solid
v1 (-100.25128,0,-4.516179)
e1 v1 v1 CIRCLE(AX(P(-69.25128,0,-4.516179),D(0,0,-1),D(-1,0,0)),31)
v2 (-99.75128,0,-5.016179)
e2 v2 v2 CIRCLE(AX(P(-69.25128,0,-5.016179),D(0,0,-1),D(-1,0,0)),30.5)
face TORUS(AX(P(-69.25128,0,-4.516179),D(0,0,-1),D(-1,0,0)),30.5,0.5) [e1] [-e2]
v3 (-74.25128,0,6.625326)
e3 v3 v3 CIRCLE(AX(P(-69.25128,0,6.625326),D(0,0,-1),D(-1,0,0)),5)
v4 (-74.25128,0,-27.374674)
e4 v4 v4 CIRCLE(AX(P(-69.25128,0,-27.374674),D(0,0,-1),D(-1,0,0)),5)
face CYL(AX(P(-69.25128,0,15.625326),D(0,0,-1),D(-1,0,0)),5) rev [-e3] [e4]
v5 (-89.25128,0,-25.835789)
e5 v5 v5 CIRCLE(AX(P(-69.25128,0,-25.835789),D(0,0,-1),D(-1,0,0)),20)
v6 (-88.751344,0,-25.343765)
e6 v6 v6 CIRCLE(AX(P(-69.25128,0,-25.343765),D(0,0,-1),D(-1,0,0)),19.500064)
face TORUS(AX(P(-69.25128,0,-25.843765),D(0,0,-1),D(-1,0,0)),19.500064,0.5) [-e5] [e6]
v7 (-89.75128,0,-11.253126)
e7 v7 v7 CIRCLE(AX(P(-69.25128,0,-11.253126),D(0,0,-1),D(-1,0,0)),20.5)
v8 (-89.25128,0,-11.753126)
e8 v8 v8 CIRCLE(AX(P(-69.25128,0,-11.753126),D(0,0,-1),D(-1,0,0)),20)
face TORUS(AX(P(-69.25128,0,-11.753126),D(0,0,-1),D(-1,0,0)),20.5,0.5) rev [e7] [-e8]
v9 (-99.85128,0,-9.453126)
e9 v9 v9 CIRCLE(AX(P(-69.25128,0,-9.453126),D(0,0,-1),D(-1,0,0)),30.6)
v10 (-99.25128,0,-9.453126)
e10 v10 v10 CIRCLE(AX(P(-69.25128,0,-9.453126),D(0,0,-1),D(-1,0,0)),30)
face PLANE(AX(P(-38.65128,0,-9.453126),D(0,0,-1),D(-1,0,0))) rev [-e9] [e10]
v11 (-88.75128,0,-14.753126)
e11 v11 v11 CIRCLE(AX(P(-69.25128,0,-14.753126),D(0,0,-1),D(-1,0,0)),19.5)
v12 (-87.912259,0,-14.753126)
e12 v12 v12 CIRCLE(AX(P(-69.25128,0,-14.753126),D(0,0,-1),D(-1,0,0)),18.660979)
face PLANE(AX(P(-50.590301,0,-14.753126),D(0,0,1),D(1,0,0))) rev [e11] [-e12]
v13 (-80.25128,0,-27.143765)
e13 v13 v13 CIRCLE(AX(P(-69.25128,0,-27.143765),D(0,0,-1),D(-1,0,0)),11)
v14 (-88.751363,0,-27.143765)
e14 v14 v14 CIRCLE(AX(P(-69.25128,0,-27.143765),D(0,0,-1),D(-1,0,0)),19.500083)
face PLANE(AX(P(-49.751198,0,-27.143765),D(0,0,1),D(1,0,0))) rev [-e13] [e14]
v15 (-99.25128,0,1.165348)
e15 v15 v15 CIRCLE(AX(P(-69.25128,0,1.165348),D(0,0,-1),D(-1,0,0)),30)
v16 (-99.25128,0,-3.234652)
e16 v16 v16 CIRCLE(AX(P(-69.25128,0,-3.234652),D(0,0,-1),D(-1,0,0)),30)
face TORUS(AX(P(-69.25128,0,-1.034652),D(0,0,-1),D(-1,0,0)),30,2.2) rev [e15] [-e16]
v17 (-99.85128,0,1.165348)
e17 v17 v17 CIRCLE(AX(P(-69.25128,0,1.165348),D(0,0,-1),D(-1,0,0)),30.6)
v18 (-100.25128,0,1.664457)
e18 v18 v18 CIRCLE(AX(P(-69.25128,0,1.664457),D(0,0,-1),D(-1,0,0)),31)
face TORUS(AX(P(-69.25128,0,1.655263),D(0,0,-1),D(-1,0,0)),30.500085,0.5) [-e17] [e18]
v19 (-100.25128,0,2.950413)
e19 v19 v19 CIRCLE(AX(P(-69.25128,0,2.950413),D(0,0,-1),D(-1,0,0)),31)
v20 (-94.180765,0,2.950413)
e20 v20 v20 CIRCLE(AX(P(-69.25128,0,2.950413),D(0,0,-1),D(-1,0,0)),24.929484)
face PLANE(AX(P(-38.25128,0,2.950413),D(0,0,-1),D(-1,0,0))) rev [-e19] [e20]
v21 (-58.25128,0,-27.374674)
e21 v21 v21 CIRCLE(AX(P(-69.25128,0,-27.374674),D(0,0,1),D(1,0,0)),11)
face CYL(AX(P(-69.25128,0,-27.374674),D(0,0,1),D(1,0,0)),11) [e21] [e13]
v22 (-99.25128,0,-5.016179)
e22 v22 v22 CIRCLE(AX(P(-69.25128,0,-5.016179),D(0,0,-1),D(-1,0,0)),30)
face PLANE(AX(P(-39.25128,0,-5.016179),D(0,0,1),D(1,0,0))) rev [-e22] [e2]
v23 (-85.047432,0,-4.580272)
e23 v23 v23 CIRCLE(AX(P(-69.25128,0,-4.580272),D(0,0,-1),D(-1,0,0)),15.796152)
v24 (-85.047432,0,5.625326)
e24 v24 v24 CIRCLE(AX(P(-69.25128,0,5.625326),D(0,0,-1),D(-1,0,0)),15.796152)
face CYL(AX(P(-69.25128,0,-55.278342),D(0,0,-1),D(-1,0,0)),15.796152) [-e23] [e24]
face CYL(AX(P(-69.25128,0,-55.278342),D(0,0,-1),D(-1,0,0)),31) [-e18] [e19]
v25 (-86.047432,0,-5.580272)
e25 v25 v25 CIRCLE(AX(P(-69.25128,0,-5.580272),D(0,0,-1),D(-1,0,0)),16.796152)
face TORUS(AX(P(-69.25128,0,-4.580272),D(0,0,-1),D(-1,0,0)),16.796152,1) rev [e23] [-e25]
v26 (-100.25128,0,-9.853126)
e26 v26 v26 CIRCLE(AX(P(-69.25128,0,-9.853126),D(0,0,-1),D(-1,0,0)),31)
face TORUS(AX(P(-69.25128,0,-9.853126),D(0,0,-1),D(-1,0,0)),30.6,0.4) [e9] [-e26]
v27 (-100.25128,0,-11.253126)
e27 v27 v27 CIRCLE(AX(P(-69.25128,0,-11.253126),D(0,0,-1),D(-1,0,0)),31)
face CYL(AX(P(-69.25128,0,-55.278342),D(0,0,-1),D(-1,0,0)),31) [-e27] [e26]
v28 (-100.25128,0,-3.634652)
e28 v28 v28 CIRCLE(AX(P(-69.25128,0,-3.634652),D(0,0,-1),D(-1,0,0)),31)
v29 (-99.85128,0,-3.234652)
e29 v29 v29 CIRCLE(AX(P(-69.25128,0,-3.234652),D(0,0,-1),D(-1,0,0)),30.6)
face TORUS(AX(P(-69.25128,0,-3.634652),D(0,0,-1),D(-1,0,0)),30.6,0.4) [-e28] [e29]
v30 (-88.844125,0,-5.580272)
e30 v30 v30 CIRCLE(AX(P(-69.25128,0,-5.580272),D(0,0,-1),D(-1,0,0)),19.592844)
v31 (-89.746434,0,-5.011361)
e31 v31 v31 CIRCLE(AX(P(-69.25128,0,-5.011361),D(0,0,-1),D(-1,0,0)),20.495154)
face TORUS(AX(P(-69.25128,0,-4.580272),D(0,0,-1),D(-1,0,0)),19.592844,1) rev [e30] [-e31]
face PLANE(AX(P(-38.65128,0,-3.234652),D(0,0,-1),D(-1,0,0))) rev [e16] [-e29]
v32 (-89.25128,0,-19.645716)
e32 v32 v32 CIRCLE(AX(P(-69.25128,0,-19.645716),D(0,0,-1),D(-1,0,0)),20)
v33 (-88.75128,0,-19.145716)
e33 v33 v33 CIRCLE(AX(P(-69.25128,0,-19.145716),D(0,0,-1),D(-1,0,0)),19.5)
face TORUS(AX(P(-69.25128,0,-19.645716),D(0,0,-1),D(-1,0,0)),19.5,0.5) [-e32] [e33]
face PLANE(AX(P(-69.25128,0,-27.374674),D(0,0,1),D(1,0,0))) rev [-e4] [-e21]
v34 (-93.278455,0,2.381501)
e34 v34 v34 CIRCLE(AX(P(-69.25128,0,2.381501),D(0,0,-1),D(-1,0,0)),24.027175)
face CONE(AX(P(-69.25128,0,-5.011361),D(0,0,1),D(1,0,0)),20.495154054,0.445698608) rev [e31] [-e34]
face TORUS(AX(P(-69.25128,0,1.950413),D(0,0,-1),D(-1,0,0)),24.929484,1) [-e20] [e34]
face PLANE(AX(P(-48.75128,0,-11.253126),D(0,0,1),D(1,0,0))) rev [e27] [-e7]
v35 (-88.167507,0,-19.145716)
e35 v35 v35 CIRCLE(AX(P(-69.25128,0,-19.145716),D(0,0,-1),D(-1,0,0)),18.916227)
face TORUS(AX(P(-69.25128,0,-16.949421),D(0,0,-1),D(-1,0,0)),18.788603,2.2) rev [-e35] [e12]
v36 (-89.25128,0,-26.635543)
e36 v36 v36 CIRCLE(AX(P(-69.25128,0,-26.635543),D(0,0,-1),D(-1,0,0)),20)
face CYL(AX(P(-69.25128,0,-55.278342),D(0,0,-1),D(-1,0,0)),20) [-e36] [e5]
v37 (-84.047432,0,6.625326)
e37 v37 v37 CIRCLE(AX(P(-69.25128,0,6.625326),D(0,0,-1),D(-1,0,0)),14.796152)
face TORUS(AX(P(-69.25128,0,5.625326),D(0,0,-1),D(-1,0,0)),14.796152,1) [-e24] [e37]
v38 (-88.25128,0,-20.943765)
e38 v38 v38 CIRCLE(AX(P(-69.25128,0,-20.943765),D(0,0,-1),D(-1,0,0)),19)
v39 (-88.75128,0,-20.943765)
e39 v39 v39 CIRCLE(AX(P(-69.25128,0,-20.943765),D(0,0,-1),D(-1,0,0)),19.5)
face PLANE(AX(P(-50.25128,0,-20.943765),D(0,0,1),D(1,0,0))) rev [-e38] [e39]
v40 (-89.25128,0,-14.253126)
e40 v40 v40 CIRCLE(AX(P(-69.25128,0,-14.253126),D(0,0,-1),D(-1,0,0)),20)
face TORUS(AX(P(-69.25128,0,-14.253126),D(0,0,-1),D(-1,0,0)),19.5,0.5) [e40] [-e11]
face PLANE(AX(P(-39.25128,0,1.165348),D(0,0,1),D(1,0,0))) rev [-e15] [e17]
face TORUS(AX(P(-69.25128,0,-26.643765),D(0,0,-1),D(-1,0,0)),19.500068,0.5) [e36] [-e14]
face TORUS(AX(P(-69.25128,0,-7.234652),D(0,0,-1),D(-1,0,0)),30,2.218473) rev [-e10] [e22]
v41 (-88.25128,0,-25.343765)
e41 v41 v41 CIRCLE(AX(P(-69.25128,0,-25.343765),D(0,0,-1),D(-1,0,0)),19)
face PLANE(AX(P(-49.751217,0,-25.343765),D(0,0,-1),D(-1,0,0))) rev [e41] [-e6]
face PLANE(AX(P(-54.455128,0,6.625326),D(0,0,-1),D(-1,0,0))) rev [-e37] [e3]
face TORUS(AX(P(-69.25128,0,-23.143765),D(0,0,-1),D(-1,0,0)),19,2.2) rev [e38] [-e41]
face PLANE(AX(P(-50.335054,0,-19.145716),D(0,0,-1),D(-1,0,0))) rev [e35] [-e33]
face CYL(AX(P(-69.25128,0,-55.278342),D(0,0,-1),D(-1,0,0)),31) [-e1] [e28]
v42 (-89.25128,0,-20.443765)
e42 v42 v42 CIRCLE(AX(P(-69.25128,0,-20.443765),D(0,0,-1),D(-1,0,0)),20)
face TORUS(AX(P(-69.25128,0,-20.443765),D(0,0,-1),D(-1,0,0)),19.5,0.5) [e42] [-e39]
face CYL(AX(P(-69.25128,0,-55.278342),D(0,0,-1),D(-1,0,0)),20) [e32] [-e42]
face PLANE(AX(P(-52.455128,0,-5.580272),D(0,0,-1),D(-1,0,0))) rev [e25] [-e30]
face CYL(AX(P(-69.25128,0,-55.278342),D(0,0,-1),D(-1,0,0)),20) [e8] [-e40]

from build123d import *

# Parameters (mm, degrees)
BOSS_EXTRUDE1_START = -34
SKETCH2_R           = 11
BOSS_EXTRUDE1_DEPTH = 34
SKETCH3_R           = 5
CUT_EXTRUDE1_DEPTH  = 43


with BuildPart() as part:
    # Sketch1 → Revolve1 (revolve)
    with BuildSketch(Plane(origin=(0, 0, 0), x_dir=(1, 0, 0), z_dir=(0, 1, 0)), mode=Mode.PRIVATE) as revolve1_sk:
        with BuildLine():
            Line((-38.251280268, -2.950412804), (-44.321795805, -2.950412804))
            ThreePointArc((-44.321795805, -2.950412804), (-44.855139809, -2.796311245), (-45.224105529, -2.38150115))
            Line((-45.224105529, -2.38150115), (-48.756126213, 5.011360754))
            ThreePointArc((-48.756126213, 5.011360754), (-49.125091933, 5.426170849), (-49.658435937, 5.580272408))
            Line((-49.658435937, 5.580272408), (-52.455128445, 5.580272408))
            ThreePointArc((-52.455128445, 5.580272408), (-53.162235226, 5.287379189), (-53.455128445, 4.580272408))
            Line((-53.455128445, 4.580272408), (-53.455128445, -5.625326394))
            ThreePointArc((-53.455128445, -5.625326394), (-53.748021664, -6.332433175), (-54.455128445, -6.625326394))
            Line((-54.455128445, -6.625326394), (-58.251280268, -6.625326394))
            Line((-58.251280268, -6.625326394), (-58.251280268, -0.625326394))
            Line((-58.251280268, -0.625326394), (-59.251280268, -0.625326394))
            Line((-59.251280268, -0.625326394), (-59.251280268, 21.143765287))
            Line((-59.251280268, 21.143765287), (-58.251280268, 21.143765287))
            Line((-58.251280268, 21.143765287), (-58.251280268, 27.143765287))
            Line((-58.251280268, 27.143765287), (-49.751197565, 27.143765287))
            ThreePointArc((-49.751197565, 27.143765287), (-49.39475876, 26.99439418), (-49.251280268, 26.635542858))
            Line((-49.251280268, 26.635542858), (-49.251280268, 25.835788958))
            ThreePointArc((-49.251280268, 25.835788958), (-49.400494647, 25.487402996), (-49.751216642, 25.343765287))
            Line((-49.751216642, 25.343765287), (-50.251280268, 25.343765287))
            ThreePointArc((-50.251280268, 25.343765287), (-52.451280268, 23.143765287), (-50.251280268, 20.943765287))
            Line((-50.251280268, 20.943765287), (-49.751280268, 20.943765287))
            ThreePointArc((-49.751280268, 20.943765287), (-49.397726877, 20.797318677), (-49.251280268, 20.443765287))
            Line((-49.251280268, 20.443765287), (-49.251280268, 19.645715787))
            ThreePointArc((-49.251280268, 19.645715787), (-49.397726877, 19.292162396), (-49.751280268, 19.145715787))
            Line((-49.751280268, 19.145715787), (-50.335053739, 19.145715787))
            ThreePointArc((-50.335053739, 19.145715787), (-52.658972595, 17.077044438), (-50.590301246, 14.753125581))
            Line((-50.590301246, 14.753125581), (-49.751280268, 14.753125581))
            ThreePointArc((-49.751280268, 14.753125581), (-49.397726877, 14.606678972), (-49.251280268, 14.253125581))
            Line((-49.251280268, 14.253125581), (-49.251280268, 11.863404309))
            Line((-49.251280268, 11.863404309), (-49.251280268, 11.753125581))
            ThreePointArc((-49.251280268, 11.753125581), (-49.104833658, 11.399572191), (-48.751280268, 11.253125581))
            Line((-48.751280268, 11.253125581), (-45.790301246, 11.253125581))
            Line((-45.790301246, 11.253125581), (-45.089795177, 11.253125581))
            Line((-45.089795177, 11.253125581), (-38.251280268, 11.253125581))
            Line((-38.251280268, 11.253125581), (-38.251280268, 9.853125581))
            ThreePointArc((-38.251280268, 9.853125581), (-38.368437555, 9.570282869), (-38.651280268, 9.453125581))
            Line((-38.651280268, 9.453125581), (-39.251280268, 9.453125581))
            ThreePointArc((-39.251280268, 9.453125581), (-41.469753514, 7.234652335), (-39.251280268, 5.016179088))
            Line((-39.251280268, 5.016179088), (-38.751280268, 5.016179088))
            ThreePointArc((-38.751280268, 5.016179088), (-38.397726877, 4.869732479), (-38.251280268, 4.516179088))
            Line((-38.251280268, 4.516179088), (-38.251280268, 3.634652335))
            ThreePointArc((-38.251280268, 3.634652335), (-38.368437555, 3.351809622), (-38.651280268, 3.234652335))
            Line((-38.651280268, 3.234652335), (-39.251280268, 3.234652335))
            ThreePointArc((-39.251280268, 3.234652335), (-41.451280268, 1.034652335), (-39.251280268, -1.165347665))
            Line((-39.251280268, -1.165347665), (-38.651280268, -1.165347665))
            ThreePointArc((-38.651280268, -1.165347665), (-38.361033132, -1.342575878), (-38.251280268, -1.664457142))
            Line((-38.251280268, -1.664457142), (-38.251280268, -2.895977648))
            Line((-38.251280268, -2.895977648), (-38.251280268, -2.950412804))
        make_face()
    revolve(revolve1_sk.sketch.rotate(Axis((-69.251280268, 0, -55.278342432), (0, 0, 1)), 180), axis=Axis((-69.251280268, 0, -55.278342432), (0, 0, 1)))

    # Sketch2 → Boss-Extrude1 (add)
    with BuildSketch(Plane.XY.offset(6.625326394).offset(BOSS_EXTRUDE1_START)):
        with Locations((-69.251280268, 0)):
            Circle(SKETCH2_R)
    extrude(amount=BOSS_EXTRUDE1_DEPTH)

    # Sketch3 → Cut-Extrude1 (cut)
    with BuildSketch(Plane(origin=(0, 0, -27.374673606), x_dir=(-1, 0, 0), z_dir=(0, 0, -1))):
        with Locations((69.251280268, 0)):
            Circle(SKETCH3_R)
    extrude(amount=-CUT_EXTRUDE1_DEPTH, mode=Mode.SUBTRACT)


solid = part.part
